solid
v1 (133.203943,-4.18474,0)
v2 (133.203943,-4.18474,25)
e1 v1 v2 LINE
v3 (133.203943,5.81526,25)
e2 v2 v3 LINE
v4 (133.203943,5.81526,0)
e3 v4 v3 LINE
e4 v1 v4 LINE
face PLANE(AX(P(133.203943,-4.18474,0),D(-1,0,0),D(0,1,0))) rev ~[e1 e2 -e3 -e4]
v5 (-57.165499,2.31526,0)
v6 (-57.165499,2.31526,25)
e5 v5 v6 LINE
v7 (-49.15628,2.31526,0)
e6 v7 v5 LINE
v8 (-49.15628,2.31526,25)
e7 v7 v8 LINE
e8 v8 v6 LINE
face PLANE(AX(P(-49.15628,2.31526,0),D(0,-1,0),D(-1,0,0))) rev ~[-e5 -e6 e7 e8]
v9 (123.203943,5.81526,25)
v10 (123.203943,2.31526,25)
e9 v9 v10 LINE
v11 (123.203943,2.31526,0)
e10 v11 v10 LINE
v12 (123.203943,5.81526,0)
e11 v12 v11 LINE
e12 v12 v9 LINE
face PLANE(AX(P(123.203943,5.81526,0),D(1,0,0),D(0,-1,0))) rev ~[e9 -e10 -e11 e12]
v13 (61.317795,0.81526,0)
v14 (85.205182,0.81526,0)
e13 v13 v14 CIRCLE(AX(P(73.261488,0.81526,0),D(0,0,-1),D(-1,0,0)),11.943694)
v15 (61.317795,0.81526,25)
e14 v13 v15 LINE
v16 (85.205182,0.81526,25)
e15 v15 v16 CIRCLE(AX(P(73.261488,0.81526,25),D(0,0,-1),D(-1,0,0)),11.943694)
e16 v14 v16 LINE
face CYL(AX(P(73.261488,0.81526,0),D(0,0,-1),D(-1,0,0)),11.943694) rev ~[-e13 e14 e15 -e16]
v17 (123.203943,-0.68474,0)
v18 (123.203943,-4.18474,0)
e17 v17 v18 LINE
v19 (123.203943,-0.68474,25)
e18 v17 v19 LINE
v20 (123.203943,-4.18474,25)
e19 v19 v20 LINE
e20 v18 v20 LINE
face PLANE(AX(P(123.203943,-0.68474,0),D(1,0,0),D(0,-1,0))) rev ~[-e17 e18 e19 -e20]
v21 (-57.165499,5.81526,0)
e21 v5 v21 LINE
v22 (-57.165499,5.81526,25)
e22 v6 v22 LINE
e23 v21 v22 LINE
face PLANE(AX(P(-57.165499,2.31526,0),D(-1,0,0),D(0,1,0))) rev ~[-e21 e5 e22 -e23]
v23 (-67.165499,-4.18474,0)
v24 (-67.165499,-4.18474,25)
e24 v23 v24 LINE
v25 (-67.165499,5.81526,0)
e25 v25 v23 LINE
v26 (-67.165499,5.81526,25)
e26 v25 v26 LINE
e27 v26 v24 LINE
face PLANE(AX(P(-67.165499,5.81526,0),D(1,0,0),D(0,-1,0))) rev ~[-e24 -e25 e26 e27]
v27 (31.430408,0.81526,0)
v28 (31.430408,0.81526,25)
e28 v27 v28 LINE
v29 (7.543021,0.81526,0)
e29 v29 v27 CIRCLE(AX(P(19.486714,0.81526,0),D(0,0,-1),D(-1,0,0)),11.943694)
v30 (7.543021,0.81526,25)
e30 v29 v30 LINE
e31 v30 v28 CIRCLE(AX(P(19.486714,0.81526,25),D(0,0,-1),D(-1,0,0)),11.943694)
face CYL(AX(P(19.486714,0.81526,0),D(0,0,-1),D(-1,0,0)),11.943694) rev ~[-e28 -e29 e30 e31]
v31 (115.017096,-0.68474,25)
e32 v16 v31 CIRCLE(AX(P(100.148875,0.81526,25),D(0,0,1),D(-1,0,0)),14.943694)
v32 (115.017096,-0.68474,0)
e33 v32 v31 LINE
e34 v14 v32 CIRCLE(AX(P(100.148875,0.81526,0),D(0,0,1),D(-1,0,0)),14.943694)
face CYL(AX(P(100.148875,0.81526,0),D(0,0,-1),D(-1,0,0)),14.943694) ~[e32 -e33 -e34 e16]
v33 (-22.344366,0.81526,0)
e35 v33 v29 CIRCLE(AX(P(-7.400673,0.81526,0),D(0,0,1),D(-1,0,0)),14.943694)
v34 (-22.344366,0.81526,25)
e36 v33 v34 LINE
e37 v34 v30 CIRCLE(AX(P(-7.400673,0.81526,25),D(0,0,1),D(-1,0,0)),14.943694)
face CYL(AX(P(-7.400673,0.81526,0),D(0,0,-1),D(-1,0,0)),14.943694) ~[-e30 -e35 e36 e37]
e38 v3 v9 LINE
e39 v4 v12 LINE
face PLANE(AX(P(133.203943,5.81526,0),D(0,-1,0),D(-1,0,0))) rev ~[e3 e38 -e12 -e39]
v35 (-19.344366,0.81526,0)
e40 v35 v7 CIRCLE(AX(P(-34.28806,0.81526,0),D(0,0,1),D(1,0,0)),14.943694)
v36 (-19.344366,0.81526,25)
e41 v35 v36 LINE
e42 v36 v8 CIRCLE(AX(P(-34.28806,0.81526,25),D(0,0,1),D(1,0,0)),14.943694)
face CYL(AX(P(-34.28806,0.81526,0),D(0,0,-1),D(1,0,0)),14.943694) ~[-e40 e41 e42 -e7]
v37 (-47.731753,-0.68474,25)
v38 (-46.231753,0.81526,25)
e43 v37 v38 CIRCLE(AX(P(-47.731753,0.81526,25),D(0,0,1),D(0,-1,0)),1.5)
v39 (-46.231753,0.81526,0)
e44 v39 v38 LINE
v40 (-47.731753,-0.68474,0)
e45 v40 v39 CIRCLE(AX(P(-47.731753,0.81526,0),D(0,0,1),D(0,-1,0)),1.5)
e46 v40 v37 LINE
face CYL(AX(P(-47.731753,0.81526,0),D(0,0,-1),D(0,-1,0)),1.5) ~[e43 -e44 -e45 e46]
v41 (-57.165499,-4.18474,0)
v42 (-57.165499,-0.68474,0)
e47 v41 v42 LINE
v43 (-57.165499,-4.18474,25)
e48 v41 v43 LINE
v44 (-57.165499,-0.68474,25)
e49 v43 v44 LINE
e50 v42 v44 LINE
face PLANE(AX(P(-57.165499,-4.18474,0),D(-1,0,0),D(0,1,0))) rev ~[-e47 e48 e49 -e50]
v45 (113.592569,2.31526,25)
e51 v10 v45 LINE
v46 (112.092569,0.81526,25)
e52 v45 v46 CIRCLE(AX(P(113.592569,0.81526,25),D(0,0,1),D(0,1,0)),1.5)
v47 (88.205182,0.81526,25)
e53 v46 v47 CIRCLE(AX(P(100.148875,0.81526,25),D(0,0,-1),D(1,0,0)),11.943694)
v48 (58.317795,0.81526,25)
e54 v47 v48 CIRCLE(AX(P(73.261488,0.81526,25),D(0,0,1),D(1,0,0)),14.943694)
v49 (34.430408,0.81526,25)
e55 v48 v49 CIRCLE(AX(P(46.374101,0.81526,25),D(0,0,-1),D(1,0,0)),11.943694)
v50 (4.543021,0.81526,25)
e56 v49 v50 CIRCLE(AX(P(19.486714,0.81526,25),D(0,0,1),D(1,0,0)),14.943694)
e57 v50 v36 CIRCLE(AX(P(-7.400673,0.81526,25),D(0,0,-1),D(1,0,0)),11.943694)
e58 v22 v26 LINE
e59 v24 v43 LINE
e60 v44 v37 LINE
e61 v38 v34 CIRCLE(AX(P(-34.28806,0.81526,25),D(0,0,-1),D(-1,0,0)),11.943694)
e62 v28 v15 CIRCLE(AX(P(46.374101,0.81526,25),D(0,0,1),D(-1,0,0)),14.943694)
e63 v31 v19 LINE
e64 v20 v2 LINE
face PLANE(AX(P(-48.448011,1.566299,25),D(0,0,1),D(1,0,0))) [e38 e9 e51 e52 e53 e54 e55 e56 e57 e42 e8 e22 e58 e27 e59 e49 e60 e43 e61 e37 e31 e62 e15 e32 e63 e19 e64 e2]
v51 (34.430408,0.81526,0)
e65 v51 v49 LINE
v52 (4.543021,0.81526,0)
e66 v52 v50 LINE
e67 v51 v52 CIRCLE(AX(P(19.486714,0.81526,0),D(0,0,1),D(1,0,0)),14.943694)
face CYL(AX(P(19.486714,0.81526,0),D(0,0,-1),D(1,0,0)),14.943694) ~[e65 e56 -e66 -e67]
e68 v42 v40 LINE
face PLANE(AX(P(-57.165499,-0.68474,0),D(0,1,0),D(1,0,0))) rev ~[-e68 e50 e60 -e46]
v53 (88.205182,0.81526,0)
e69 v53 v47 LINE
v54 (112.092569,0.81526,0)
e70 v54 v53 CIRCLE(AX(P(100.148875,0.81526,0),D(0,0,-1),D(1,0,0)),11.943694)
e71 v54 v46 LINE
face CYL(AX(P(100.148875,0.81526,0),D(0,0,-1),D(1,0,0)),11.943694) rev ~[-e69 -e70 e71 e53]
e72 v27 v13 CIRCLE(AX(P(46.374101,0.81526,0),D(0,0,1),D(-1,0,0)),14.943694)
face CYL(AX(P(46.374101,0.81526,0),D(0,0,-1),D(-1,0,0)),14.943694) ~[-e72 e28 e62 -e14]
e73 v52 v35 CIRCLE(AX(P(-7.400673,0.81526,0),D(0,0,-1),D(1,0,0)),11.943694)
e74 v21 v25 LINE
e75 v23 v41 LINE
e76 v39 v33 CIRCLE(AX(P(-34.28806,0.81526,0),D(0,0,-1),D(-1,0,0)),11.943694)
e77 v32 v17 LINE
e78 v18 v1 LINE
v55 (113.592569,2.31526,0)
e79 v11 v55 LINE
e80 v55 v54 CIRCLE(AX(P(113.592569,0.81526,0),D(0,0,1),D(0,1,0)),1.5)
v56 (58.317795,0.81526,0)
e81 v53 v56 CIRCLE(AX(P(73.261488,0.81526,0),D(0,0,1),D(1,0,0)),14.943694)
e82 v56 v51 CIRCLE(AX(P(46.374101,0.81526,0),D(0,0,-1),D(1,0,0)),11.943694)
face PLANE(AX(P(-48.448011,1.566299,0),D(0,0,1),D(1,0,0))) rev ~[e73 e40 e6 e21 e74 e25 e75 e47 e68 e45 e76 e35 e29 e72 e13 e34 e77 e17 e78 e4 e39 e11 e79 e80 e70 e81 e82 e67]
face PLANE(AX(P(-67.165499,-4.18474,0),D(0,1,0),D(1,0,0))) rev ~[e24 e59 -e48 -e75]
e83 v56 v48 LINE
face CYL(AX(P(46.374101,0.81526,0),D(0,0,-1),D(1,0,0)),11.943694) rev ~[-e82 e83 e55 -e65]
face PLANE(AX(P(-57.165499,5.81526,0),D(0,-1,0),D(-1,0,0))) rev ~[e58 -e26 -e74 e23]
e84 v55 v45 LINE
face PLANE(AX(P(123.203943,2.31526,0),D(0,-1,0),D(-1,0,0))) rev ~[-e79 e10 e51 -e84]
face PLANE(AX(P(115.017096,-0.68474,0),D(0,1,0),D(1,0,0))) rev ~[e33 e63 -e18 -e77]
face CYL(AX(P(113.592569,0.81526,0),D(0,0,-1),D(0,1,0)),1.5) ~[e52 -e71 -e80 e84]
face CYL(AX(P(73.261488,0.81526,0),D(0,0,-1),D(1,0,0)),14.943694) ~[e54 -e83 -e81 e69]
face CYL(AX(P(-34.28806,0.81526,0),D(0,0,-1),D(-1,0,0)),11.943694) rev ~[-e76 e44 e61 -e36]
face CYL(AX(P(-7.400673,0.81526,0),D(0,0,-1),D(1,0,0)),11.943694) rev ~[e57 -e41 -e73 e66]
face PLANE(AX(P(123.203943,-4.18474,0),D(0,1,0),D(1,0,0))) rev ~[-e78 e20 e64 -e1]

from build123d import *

# Parameters (mm, degrees)
F1_DEPTH = 25


with BuildPart() as f1:
    # F0 (on Top) → F1 (new body)
    with BuildSketch(Plane.XY):
        with BuildLine():
            ThreePointArc((-49.1562802567, 2.3152595113), (-49.2128732163, 1.5662082781), (-49.2317534387, 0.8152595113))
            Line((-49.2317534387, 0.8152595113), (-47.7317534387, 0.8152595113))
            ThreePointArc((-47.7317534387, 0.8152595113), (-47.7108165454, 1.5652595113), (-47.6480710788, 2.3129234465))
            ThreePointArc((-47.6480710788, 2.3129234465), (-47.6898959586, 2.3146753814), (-47.7317534387, 2.3152595113))
            Line((-47.7317534387, 2.3152595113), (-49.1562802567, 2.3152595113))
        make_face()
        with BuildLine():
            Line((-47.7317534387, 0.8152595113), (-49.2317534387, 0.8152595113))
            ThreePointArc((-49.2317534387, 0.8152595113), (-48.7924136105, -0.2454006604), (-47.7317534387, -0.6847404887))
            ThreePointArc((-47.7317534387, -0.6847404887), (-46.6710932669, -0.2454006604), (-46.2317534387, 0.8152595113))
            ThreePointArc((-46.2317534387, 0.8152595113), (-46.6419086012, 1.8459089328), (-47.6480710788, 2.3129234465))
            ThreePointArc((-47.6480710788, 2.3129234465), (-47.7108165454, 1.5652595113), (-47.7317534387, 0.8152595113))
        make_face()
        with BuildLine():
            ThreePointArc((-47.7317534387, -0.6847404887), (-48.7924136105, -0.2454006604), (-49.2317534387, 0.8152595113))
            ThreePointArc((-49.2317534387, 0.8152595113), (-49.2128732163, 1.5662082781), (-49.1562802567, 2.3152595113))
            Line((-49.1562802567, 2.3152595113), (-57.1654987335, 2.3152595113))
            Line((-57.1654987335, 2.3152595113), (-57.1654987335, 5.8152595113))
            Line((-57.1654987335, 5.8152595113), (-67.1654987335, 5.8152595113))
            Line((-67.1654987335, 5.8152595113), (-67.1654987335, -4.1847404887))
            Line((-67.1654987335, -4.1847404887), (-57.1654987335, -4.1847404887))
            Line((-57.1654987335, -4.1847404887), (-57.1654987335, -0.6847404887))
            Line((-57.1654987335, -0.6847404887), (-47.7317534387, -0.6847404887))
        make_face()
        with BuildLine():
            ThreePointArc((-19.3443664014, 0.8152595113), (-33.5371111533, 15.7400728076), (-49.1562802567, 2.3152595113))
            Line((-49.1562802567, 2.3152595113), (-47.7317534387, 2.3152595113))
            ThreePointArc((-47.7317534387, 2.3152595113), (-47.6898959586, 2.3146753814), (-47.6480710788, 2.3129234465))
            ThreePointArc((-47.6480710788, 2.3129234465), (-34.2880599201, 14.25895303), (-20.9280487614, 2.3129234465))
            ThreePointArc((-20.9280487614, 2.3129234465), (-19.8137169799, 1.9051043489), (-19.3443664014, 0.8152595113))
        make_face()
        with BuildLine():
            ThreePointArc((-20.9280487614, 2.3129234465), (-34.2880599201, 14.25895303), (-47.6480710788, 2.3129234465))
            ThreePointArc((-47.6480710788, 2.3129234465), (-46.6419086012, 1.8459089328), (-46.2317534387, 0.8152595113))
            ThreePointArc((-46.2317534387, 0.8152595113), (-34.2880599201, 12.75895303), (-22.3443664014, 0.8152595113))
            ThreePointArc((-22.3443664014, 0.8152595113), (-21.934211239, 1.8459089328), (-20.9280487614, 2.3129234465))
        make_face()
        with BuildLine():
            ThreePointArc((4.5430206358, 0.8152595113), (-7.4006728828, -11.1284340073), (-19.3443664014, 0.8152595113))
            ThreePointArc((-19.3443664014, 0.8152595113), (-19.7545215639, -0.2153899102), (-20.7606840415, -0.6824044238))
            ThreePointArc((-20.7606840415, -0.6824044238), (-7.4006728828, -12.6284340073), (5.9593382759, -0.6824044238))
            ThreePointArc((5.9593382759, -0.6824044238), (4.9531757983, -0.2153899102), (4.5430206358, 0.8152595113))
        make_face()
        with BuildLine():
            ThreePointArc((-20.7606840415, -0.6824044238), (-19.7545215639, -0.2153899102), (-19.3443664014, 0.8152595113))
            ThreePointArc((-19.3443664014, 0.8152595113), (-19.8137169799, 1.9051043489), (-20.9280487614, 2.3129234465))
            ThreePointArc((-20.9280487614, 2.3129234465), (-20.8653032947, 1.5652595113), (-20.8443664014, 0.8152595113))
            ThreePointArc((-20.8443664014, 0.8152595113), (-20.8234295081, 0.0652595113), (-20.7606840415, -0.6824044238))
        make_face()
        with BuildLine():
            ThreePointArc((-20.8443664014, 0.8152595113), (-20.8653032947, 1.5652595113), (-20.9280487614, 2.3129234465))
            ThreePointArc((-20.9280487614, 2.3129234465), (-21.934211239, 1.8459089328), (-22.3443664014, 0.8152595113))
            ThreePointArc((-22.3443664014, 0.8152595113), (-21.8750158229, -0.2745853262), (-20.7606840415, -0.6824044238))
            ThreePointArc((-20.7606840415, -0.6824044238), (-20.8234295081, 0.0652595113), (-20.8443664014, 0.8152595113))
        make_face()
        with BuildLine():
            ThreePointArc((-20.7606840415, -0.6824044238), (-21.8750158229, -0.2745853262), (-22.3443664014, 0.8152595113))
            ThreePointArc((-22.3443664014, 0.8152595113), (-7.4006728828, -14.1284340073), (7.5430206358, 0.8152595113))
            ThreePointArc((7.5430206358, 0.8152595113), (7.0736700573, -0.2745853262), (5.9593382759, -0.6824044238))
            ThreePointArc((5.9593382759, -0.6824044238), (-7.4006728828, -12.6284340073), (-20.7606840415, -0.6824044238))
        make_face()
        with BuildLine():
            ThreePointArc((6.1267029958, 2.3129234465), (5.0123712143, 1.9051043489), (4.5430206358, 0.8152595113))
            ThreePointArc((4.5430206358, 0.8152595113), (4.9531757983, -0.2153899102), (5.9593382759, -0.6824044238))
            ThreePointArc((5.9593382759, -0.6824044238), (6.0220837425, 0.0652595113), (6.0430206358, 0.8152595113))
            ThreePointArc((6.0430206358, 0.8152595113), (6.0639575291, 1.5652595113), (6.1267029958, 2.3129234465))
        make_face()
        with BuildLine():
            ThreePointArc((34.4304076731, 0.8152595113), (19.4867141545, 15.75895303), (4.5430206358, 0.8152595113))
            ThreePointArc((4.5430206358, 0.8152595113), (5.0123712143, 1.9051043489), (6.1267029958, 2.3129234465))
            ThreePointArc((6.1267029958, 2.3129234465), (19.4867141545, 14.25895303), (32.8467253132, 2.3129234465))
            ThreePointArc((32.8467253132, 2.3129234465), (33.9610570946, 1.9051043489), (34.4304076731, 0.8152595113))
        make_face()
        with BuildLine():
            ThreePointArc((6.1267029958, 2.3129234465), (7.1328654734, 1.8459089328), (7.5430206358, 0.8152595113))
            ThreePointArc((7.5430206358, 0.8152595113), (19.4867141545, 12.75895303), (31.4304076731, 0.8152595113))
            ThreePointArc((31.4304076731, 0.8152595113), (31.8405628356, 1.8459089328), (32.8467253132, 2.3129234465))
            ThreePointArc((32.8467253132, 2.3129234465), (19.4867141545, 14.25895303), (6.1267029958, 2.3129234465))
        make_face()
        with BuildLine():
            ThreePointArc((5.9593382759, -0.6824044238), (7.0736700573, -0.2745853262), (7.5430206358, 0.8152595113))
            ThreePointArc((7.5430206358, 0.8152595113), (7.1328654734, 1.8459089328), (6.1267029958, 2.3129234465))
            ThreePointArc((6.1267029958, 2.3129234465), (6.0639575291, 1.5652595113), (6.0430206358, 0.8152595113))
            ThreePointArc((6.0430206358, 0.8152595113), (6.0220837425, 0.0652595113), (5.9593382759, -0.6824044238))
        make_face()
        with BuildLine():
            ThreePointArc((58.3177947104, 0.8152595113), (46.3741011918, -11.1284340073), (34.4304076731, 0.8152595113))
            ThreePointArc((34.4304076731, 0.8152595113), (34.0202525107, -0.2153899102), (33.0140900331, -0.6824044238))
            ThreePointArc((33.0140900331, -0.6824044238), (46.3741011918, -12.6284340073), (59.7341123505, -0.6824044238))
            ThreePointArc((59.7341123505, -0.6824044238), (58.7279498728, -0.2153899102), (58.3177947104, 0.8152595113))
        make_face()
        with BuildLine():
            ThreePointArc((33.0140900331, -0.6824044238), (34.0202525107, -0.2153899102), (34.4304076731, 0.8152595113))
            ThreePointArc((34.4304076731, 0.8152595113), (33.9610570946, 1.9051043489), (32.8467253132, 2.3129234465))
            ThreePointArc((32.8467253132, 2.3129234465), (32.9094707798, 1.5652595113), (32.9304076731, 0.8152595113))
            ThreePointArc((32.9304076731, 0.8152595113), (32.9513445664, 0.0652595113), (33.0140900331, -0.6824044238))
        make_face()
        with BuildLine():
            ThreePointArc((32.8467253132, 2.3129234465), (31.8405628356, 1.8459089328), (31.4304076731, 0.8152595113))
            ThreePointArc((31.4304076731, 0.8152595113), (31.8997582516, -0.2745853262), (33.0140900331, -0.6824044238))
            ThreePointArc((33.0140900331, -0.6824044238), (32.9513445664, 0.0652595113), (32.9304076731, 0.8152595113))
            ThreePointArc((32.9304076731, 0.8152595113), (32.9094707798, 1.5652595113), (32.8467253132, 2.3129234465))
        make_face()
        with BuildLine():
            ThreePointArc((33.0140900331, -0.6824044238), (31.8997582516, -0.2745853262), (31.4304076731, 0.8152595113))
            ThreePointArc((31.4304076731, 0.8152595113), (46.3741011918, -14.1284340073), (61.3177947104, 0.8152595113))
            ThreePointArc((61.3177947104, 0.8152595113), (60.8484441319, -0.2745853262), (59.7341123505, -0.6824044238))
            ThreePointArc((59.7341123505, -0.6824044238), (46.3741011918, -12.6284340073), (33.0140900331, -0.6824044238))
        make_face()
        with BuildLine():
            ThreePointArc((59.9014770703, 2.3129234465), (58.7871452889, 1.9051043489), (58.3177947104, 0.8152595113))
            ThreePointArc((58.3177947104, 0.8152595113), (58.7279498728, -0.2153899102), (59.7341123505, -0.6824044238))
            ThreePointArc((59.7341123505, -0.6824044238), (59.7968578171, 0.0652595113), (59.8177947104, 0.8152595113))
            ThreePointArc((59.8177947104, 0.8152595113), (59.8387316037, 1.5652595113), (59.9014770703, 2.3129234465))
        make_face()
        with BuildLine():
            ThreePointArc((88.2051817477, 0.8152595113), (73.261488229, 15.75895303), (58.3177947104, 0.8152595113))
            ThreePointArc((58.3177947104, 0.8152595113), (58.7871452889, 1.9051043489), (59.9014770703, 2.3129234465))
            ThreePointArc((59.9014770703, 2.3129234465), (73.261488229, 14.25895303), (86.6214993877, 2.3129234465))
            ThreePointArc((86.6214993877, 2.3129234465), (87.7358311692, 1.9051043489), (88.2051817477, 0.8152595113))
        make_face()
        with BuildLine():
            ThreePointArc((59.9014770703, 2.3129234465), (60.907639548, 1.8459089328), (61.3177947104, 0.8152595113))
            ThreePointArc((61.3177947104, 0.8152595113), (73.261488229, 12.75895303), (85.2051817477, 0.8152595113))
            ThreePointArc((85.2051817477, 0.8152595113), (85.6153369101, 1.8459089328), (86.6214993877, 2.3129234465))
            ThreePointArc((86.6214993877, 2.3129234465), (73.261488229, 14.25895303), (59.9014770703, 2.3129234465))
        make_face()
        with BuildLine():
            ThreePointArc((59.7341123505, -0.6824044238), (60.8484441319, -0.2745853262), (61.3177947104, 0.8152595113))
            ThreePointArc((61.3177947104, 0.8152595113), (60.907639548, 1.8459089328), (59.9014770703, 2.3129234465))
            ThreePointArc((59.9014770703, 2.3129234465), (59.8387316037, 1.5652595113), (59.8177947104, 0.8152595113))
            ThreePointArc((59.8177947104, 0.8152595113), (59.7968578171, 0.0652595113), (59.7341123505, -0.6824044238))
        make_face()
        with BuildLine():
            ThreePointArc((112.092568785, 0.8152595113), (100.1488752663, -11.1284340073), (88.2051817477, 0.8152595113))
            ThreePointArc((88.2051817477, 0.8152595113), (87.7950265852, -0.2153899102), (86.7888641076, -0.6824044238))
            ThreePointArc((86.7888641076, -0.6824044238), (100.1488752663, -12.6284340073), (113.508886425, -0.6824044238))
            ThreePointArc((113.508886425, -0.6824044238), (112.5027239474, -0.2153899102), (112.092568785, 0.8152595113))
        make_face()
        with BuildLine():
            ThreePointArc((86.7888641076, -0.6824044238), (87.7950265852, -0.2153899102), (88.2051817477, 0.8152595113))
            ThreePointArc((88.2051817477, 0.8152595113), (87.7358311692, 1.9051043489), (86.6214993877, 2.3129234465))
            ThreePointArc((86.6214993877, 2.3129234465), (86.6842448544, 1.5652595113), (86.7051817477, 0.8152595113))
            ThreePointArc((86.7051817477, 0.8152595113), (86.726118641, 0.0652595113), (86.7888641076, -0.6824044238))
        make_face()
        with BuildLine():
            ThreePointArc((86.6214993877, 2.3129234465), (85.6153369101, 1.8459089328), (85.2051817477, 0.8152595113))
            ThreePointArc((85.2051817477, 0.8152595113), (85.6745323262, -0.2745853262), (86.7888641076, -0.6824044238))
            ThreePointArc((86.7888641076, -0.6824044238), (86.726118641, 0.0652595113), (86.7051817477, 0.8152595113))
            ThreePointArc((86.7051817477, 0.8152595113), (86.6842448544, 1.5652595113), (86.6214993877, 2.3129234465))
        make_face()
        with BuildLine():
            ThreePointArc((86.7888641076, -0.6824044238), (85.6745323262, -0.2745853262), (85.2051817477, 0.8152595113))
            ThreePointArc((85.2051817477, 0.8152595113), (99.3979264996, -14.1095537849), (115.017095603, -0.6847404887))
            Line((115.017095603, -0.6847404887), (113.592568785, -0.6847404887))
            ThreePointArc((113.592568785, -0.6847404887), (113.5507113048, -0.6841563587), (113.508886425, -0.6824044238))
            ThreePointArc((113.508886425, -0.6824044238), (100.1488752663, -12.6284340073), (86.7888641076, -0.6824044238))
        make_face()
        with BuildLine():
            ThreePointArc((113.592568785, 2.3152595113), (112.5319086132, 1.8759196831), (112.092568785, 0.8152595113))
            ThreePointArc((112.092568785, 0.8152595113), (112.5027239474, -0.2153899102), (113.508886425, -0.6824044238))
            ThreePointArc((113.508886425, -0.6824044238), (113.5716318917, 0.0652595113), (113.592568785, 0.8152595113))
            Line((113.592568785, 0.8152595113), (115.092568785, 0.8152595113))
            ThreePointArc((115.092568785, 0.8152595113), (114.6532289567, 1.8759196831), (113.592568785, 2.3152595113))
        make_face()
        with BuildLine():
            ThreePointArc((115.092568785, 0.8152595113), (115.0736885626, 0.0643107446), (115.017095603, -0.6847404887))
            Line((115.017095603, -0.6847404887), (123.2039433718, -0.6847404887))
            Line((123.2039433718, -0.6847404887), (123.2039433718, 0.8152595113))
            Line((123.2039433718, 0.8152595113), (115.092568785, 0.8152595113))
        make_face()
        with BuildLine():
            Line((113.592568785, -0.6847404887), (115.017095603, -0.6847404887))
            ThreePointArc((115.017095603, -0.6847404887), (115.0736885626, 0.0643107446), (115.092568785, 0.8152595113))
            Line((115.092568785, 0.8152595113), (113.592568785, 0.8152595113))
            ThreePointArc((113.592568785, 0.8152595113), (113.5716318917, 0.0652595113), (113.508886425, -0.6824044238))
            ThreePointArc((113.508886425, -0.6824044238), (113.5507113048, -0.6841563587), (113.592568785, -0.6847404887))
        make_face()
        with BuildLine():
            Line((123.2039433718, 2.3152595113), (113.592568785, 2.3152595113))
            ThreePointArc((113.592568785, 2.3152595113), (114.6532289567, 1.8759196831), (115.092568785, 0.8152595113))
            Line((115.092568785, 0.8152595113), (123.2039433718, 0.8152595113))
            Line((123.2039433718, 0.8152595113), (123.2039433718, 2.3152595113))
        make_face()
        Polygon((123.2039433718, 0.8152595113), (123.2039433718, -0.6847404887), (123.2039433718, -4.1847404887), (133.2039433718, -4.1847404887), (133.2039433718, 5.8152595113), (123.2039433718, 5.8152595113), (123.2039433718, 2.3152595113), align=None)
    extrude(amount=F1_DEPTH)


solid = f1.part
